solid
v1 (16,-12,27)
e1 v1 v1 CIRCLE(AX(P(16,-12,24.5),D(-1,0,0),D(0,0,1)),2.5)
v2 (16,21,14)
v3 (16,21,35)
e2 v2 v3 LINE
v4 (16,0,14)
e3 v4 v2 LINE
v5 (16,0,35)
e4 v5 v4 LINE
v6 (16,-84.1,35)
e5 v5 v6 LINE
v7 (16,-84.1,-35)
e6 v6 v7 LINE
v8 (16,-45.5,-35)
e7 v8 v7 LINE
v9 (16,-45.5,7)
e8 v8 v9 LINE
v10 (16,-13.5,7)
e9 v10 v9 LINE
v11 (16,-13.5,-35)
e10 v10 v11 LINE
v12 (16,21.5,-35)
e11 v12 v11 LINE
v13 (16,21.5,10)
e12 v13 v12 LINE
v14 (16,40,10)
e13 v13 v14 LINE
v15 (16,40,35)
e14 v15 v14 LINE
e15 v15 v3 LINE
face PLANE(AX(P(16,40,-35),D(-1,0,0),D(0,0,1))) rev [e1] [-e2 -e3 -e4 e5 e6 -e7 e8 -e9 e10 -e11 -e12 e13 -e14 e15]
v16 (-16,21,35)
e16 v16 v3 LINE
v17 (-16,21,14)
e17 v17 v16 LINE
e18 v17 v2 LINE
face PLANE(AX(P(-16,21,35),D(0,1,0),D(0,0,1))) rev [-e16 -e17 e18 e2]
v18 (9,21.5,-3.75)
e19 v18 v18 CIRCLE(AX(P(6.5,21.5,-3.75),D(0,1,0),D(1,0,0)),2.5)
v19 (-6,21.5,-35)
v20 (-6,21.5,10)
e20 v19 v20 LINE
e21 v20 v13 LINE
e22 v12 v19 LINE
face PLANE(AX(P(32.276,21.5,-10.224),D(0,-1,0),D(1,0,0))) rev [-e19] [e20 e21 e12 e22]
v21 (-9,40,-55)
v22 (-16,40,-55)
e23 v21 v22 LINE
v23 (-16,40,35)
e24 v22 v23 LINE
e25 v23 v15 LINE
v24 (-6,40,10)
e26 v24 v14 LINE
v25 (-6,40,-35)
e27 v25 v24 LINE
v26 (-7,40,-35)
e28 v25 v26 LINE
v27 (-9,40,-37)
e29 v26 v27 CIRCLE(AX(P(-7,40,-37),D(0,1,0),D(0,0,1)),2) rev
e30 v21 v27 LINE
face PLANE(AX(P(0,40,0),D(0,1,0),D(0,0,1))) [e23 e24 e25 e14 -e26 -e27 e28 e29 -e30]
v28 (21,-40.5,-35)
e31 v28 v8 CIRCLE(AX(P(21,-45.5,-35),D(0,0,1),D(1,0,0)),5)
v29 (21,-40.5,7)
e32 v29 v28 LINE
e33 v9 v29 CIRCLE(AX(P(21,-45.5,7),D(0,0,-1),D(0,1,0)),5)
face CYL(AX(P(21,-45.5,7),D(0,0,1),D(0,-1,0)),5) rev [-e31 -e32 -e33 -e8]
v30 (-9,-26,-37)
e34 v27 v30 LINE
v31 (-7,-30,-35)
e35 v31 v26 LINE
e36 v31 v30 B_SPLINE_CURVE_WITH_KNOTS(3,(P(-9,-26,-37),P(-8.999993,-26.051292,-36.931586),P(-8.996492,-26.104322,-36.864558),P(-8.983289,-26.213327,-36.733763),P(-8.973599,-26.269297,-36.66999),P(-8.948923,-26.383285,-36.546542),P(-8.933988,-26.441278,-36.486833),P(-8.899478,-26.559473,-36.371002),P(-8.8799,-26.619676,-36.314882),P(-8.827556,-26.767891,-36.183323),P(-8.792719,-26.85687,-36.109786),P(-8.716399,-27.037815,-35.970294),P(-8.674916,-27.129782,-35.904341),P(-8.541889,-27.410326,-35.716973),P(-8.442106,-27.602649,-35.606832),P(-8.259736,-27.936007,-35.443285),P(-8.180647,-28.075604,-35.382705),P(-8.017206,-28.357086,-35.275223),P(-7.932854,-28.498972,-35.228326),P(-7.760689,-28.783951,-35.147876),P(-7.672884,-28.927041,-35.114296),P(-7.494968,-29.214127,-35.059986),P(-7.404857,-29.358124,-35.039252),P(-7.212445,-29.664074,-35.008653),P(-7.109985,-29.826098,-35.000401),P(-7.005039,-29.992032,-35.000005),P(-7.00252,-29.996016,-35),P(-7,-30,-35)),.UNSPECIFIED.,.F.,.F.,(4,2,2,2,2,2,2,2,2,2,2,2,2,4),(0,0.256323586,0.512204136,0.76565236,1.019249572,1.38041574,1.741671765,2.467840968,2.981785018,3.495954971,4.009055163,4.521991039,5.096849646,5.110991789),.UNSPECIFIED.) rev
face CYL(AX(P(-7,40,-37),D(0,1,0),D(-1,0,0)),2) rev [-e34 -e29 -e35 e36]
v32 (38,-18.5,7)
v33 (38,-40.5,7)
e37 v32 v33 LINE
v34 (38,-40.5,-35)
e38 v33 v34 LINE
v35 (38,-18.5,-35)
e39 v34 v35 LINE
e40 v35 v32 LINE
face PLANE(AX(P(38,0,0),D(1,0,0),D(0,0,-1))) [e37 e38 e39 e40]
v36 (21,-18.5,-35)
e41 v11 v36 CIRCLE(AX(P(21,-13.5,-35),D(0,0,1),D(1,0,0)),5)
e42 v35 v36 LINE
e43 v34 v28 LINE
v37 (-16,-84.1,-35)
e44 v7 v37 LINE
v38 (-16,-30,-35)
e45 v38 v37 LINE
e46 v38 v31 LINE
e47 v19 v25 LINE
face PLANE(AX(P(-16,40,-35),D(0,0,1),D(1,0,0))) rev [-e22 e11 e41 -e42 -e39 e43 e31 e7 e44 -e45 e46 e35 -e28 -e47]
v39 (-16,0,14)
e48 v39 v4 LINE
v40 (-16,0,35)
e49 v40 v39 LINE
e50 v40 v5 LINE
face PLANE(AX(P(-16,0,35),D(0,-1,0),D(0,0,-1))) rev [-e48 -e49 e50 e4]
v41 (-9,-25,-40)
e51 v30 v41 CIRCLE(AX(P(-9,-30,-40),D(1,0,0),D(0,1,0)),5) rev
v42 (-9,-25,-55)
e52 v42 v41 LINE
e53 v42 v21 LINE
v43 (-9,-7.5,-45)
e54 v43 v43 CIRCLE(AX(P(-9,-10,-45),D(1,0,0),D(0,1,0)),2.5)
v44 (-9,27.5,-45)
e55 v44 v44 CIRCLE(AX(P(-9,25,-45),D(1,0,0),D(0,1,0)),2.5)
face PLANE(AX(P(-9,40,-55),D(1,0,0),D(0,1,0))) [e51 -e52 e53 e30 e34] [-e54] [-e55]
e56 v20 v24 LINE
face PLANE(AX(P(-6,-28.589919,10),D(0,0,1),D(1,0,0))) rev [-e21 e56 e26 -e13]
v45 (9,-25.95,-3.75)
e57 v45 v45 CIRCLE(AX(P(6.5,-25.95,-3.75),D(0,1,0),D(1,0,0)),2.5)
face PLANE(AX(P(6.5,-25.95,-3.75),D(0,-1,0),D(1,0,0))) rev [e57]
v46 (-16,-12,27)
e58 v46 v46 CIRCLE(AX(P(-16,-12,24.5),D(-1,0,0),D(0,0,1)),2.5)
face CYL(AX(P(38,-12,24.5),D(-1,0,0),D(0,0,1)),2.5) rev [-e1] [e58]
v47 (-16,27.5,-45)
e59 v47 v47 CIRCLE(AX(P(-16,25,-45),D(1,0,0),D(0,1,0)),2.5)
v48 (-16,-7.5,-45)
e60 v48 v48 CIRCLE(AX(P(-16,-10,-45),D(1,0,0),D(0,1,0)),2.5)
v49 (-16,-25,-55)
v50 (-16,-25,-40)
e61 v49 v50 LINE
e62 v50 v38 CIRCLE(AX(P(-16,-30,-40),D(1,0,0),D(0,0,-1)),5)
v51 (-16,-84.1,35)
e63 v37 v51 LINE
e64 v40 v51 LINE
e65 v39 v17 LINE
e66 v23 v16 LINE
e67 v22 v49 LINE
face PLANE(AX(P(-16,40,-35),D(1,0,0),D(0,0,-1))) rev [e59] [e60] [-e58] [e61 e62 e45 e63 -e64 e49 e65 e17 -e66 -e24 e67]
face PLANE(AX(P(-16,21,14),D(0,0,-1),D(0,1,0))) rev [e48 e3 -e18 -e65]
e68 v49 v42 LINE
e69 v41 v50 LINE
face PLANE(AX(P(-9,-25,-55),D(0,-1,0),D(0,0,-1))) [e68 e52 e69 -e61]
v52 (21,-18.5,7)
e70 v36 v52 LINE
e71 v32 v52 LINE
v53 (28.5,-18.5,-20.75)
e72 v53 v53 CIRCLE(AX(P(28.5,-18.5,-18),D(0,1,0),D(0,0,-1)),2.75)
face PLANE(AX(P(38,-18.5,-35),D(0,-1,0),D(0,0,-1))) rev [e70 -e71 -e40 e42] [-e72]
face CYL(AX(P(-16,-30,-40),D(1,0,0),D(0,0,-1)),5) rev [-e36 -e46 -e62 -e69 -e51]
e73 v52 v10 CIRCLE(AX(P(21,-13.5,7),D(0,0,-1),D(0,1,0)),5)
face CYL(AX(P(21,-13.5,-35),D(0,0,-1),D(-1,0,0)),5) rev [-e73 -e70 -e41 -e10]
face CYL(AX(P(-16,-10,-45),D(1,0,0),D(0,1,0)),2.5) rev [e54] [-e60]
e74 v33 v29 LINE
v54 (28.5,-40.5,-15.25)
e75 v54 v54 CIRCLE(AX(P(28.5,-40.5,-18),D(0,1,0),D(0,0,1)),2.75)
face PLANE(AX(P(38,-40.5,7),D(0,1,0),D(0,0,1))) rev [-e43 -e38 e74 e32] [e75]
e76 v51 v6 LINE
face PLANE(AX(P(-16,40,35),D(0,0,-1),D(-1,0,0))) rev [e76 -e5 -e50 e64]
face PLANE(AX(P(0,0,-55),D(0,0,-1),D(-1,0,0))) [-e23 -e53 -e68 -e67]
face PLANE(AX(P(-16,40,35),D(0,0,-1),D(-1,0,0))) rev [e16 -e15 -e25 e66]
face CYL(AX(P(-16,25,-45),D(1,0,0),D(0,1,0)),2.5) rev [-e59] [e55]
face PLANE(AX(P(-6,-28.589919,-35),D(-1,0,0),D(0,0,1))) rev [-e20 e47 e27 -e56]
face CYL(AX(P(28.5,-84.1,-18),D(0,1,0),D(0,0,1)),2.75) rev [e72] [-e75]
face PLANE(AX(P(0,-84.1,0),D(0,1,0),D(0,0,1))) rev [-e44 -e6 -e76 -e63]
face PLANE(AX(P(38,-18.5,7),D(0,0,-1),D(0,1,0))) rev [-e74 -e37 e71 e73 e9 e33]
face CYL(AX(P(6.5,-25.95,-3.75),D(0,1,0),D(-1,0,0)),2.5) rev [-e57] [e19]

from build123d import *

# Parameters (mm, degrees)
SKETCH1_W                = 32
SKETCH1_H                = 70
BOSS_EXTRUDE1_DEPTH      = 40
BOSS_EXTRUDE1_DEPTH_BACK = 84.1
SKETCH2_W                = 21
SKETCH2_H                = 21
CUT_EXTRUDE1_DEPTH       = 17
CUT_EXTRUDE1_DEPTH_BACK  = 17
CUT_EXTRUDE2_START       = -18.5
SKETCH3_W                = 22
SKETCH3_H                = 45
CUT_EXTRUDE2_DEPTH       = 18.5
SKETCH4_W                = 42
SKETCH4_H                = 22
BOSS_EXTRUDE2_DEPTH      = 22
SKETCH5_R                = 2.75
CUT_EXTRUDE3_DEPTH       = 66.6
SKETCH6_W                = 7
SKETCH6_H                = 65
BOSS_EXTRUDE3_DEPTH      = 20
SKETCH7_R                = 2.5
CUT_EXTRUDE4_DEPTH       = 17
CUT_EXTRUDE4_DEPTH_BACK  = 39
SKETCH8_R                = 2.5
CUT_EXTRUDE5_DEPTH       = 8
FILLET1_R                = 2
FILLET2_R                = 5
SKETCH9_R                = 2.5
CUT_EXTRUDE6_DEPTH       = 47.45


with BuildPart() as part:
    # Sketch1 → Boss-Extrude1 (new body, two sides)
    with BuildSketch(Plane(origin=(0, 0, 0), x_dir=(1, 0, 0), z_dir=(0, 1, 0))) as boss_extrude1_sk:
        Rectangle(SKETCH1_W, SKETCH1_H)
    extrude(amount=BOSS_EXTRUDE1_DEPTH)
    extrude(boss_extrude1_sk.sketch, amount=-BOSS_EXTRUDE1_DEPTH_BACK)

    # Sketch2 → Cut-Extrude1 (cut, two sides)
    with BuildSketch(Plane(origin=(0, 0, 0), x_dir=(0, 0, -1), z_dir=(1, 0, 0))) as cut_extrude1_sk:
        with Locations((-24.5, 10.5)):
            Rectangle(SKETCH2_W, SKETCH2_H)
    extrude(amount=CUT_EXTRUDE1_DEPTH, mode=Mode.SUBTRACT)
    extrude(cut_extrude1_sk.sketch, amount=-CUT_EXTRUDE1_DEPTH_BACK, mode=Mode.SUBTRACT)

    # Sketch3 → Cut-Extrude2 (cut)
    with BuildSketch(Plane(origin=(0, 40, 0), x_dir=(1, 0, 0), z_dir=(0, 1, 0)).offset(CUT_EXTRUDE2_START)):
        with Locations((5, 12.5)):
            Rectangle(SKETCH3_W, SKETCH3_H)
    extrude(amount=CUT_EXTRUDE2_DEPTH, mode=Mode.SUBTRACT)

    # Sketch4 → Boss-Extrude2 (add)
    with BuildSketch(Plane(origin=(16, 0, 0), x_dir=(0, 0, -1), z_dir=(1, 0, 0))):
        with Locations((14, -29.5)):
            Rectangle(SKETCH4_W, SKETCH4_H)
    extrude(amount=BOSS_EXTRUDE2_DEPTH)

    # Sketch5 → Cut-Extrude3 (cut, through all)
    with BuildSketch(Plane(origin=(0, -18.5, 0), x_dir=(1, 0, 0), z_dir=(0, 1, 0))):
        with Locations((28.5, 18)):
            Circle(SKETCH5_R)
    extrude(amount=-CUT_EXTRUDE3_DEPTH, mode=Mode.SUBTRACT)

    # Sketch6 → Boss-Extrude3 (add)
    with BuildSketch(Plane.XY.offset(-35)):
        with Locations((-12.5, 7.5)):
            Rectangle(SKETCH6_W, SKETCH6_H)
    extrude(amount=-BOSS_EXTRUDE3_DEPTH)

    # Sketch7 → Cut-Extrude4 (cut, two sides)
    with BuildSketch(Plane.ZY) as cut_extrude4_sk:
        with Locations((24.5, -12)):
            Circle(SKETCH7_R)
    extrude(amount=CUT_EXTRUDE4_DEPTH, mode=Mode.SUBTRACT)
    extrude(cut_extrude4_sk.sketch, amount=-CUT_EXTRUDE4_DEPTH_BACK, mode=Mode.SUBTRACT)

    # Sketch8 → Cut-Extrude5 (cut, through all)
    with BuildSketch(Plane(origin=(-9, 0, 0), x_dir=(0, 0, -1), z_dir=(1, 0, 0))):
        with Locations((45, 25)):
            Circle(SKETCH8_R)
        with Locations((45, -10)):
            Circle(SKETCH8_R)
    extrude(amount=-CUT_EXTRUDE5_DEPTH, mode=Mode.SUBTRACT)

    # Fillet1
    fillet1_edges = [part.edges().sort_by_distance(p)[0] for p in [
        (-9, 7.5, -35),
    ]]
    fillet(fillet1_edges, radius=FILLET1_R)

    # Fillet2
    fillet2_edges = [part.edges().sort_by_distance(p)[0] for p in [
        (16, -18.5, -14),
        (16, -40.5, -14),
        (-12.5, -25, -35),
    ]]
    fillet(fillet2_edges, radius=FILLET2_R)

    # Sketch9 → Cut-Extrude6 (cut)
    with BuildSketch(Plane(origin=(0, 21.5, 0), x_dir=(1, 0, 0), z_dir=(0, 1, 0))):
        with Locations((6.5, 3.75)):
            Circle(SKETCH9_R)
    extrude(amount=-CUT_EXTRUDE6_DEPTH, mode=Mode.SUBTRACT)


solid = part.part
